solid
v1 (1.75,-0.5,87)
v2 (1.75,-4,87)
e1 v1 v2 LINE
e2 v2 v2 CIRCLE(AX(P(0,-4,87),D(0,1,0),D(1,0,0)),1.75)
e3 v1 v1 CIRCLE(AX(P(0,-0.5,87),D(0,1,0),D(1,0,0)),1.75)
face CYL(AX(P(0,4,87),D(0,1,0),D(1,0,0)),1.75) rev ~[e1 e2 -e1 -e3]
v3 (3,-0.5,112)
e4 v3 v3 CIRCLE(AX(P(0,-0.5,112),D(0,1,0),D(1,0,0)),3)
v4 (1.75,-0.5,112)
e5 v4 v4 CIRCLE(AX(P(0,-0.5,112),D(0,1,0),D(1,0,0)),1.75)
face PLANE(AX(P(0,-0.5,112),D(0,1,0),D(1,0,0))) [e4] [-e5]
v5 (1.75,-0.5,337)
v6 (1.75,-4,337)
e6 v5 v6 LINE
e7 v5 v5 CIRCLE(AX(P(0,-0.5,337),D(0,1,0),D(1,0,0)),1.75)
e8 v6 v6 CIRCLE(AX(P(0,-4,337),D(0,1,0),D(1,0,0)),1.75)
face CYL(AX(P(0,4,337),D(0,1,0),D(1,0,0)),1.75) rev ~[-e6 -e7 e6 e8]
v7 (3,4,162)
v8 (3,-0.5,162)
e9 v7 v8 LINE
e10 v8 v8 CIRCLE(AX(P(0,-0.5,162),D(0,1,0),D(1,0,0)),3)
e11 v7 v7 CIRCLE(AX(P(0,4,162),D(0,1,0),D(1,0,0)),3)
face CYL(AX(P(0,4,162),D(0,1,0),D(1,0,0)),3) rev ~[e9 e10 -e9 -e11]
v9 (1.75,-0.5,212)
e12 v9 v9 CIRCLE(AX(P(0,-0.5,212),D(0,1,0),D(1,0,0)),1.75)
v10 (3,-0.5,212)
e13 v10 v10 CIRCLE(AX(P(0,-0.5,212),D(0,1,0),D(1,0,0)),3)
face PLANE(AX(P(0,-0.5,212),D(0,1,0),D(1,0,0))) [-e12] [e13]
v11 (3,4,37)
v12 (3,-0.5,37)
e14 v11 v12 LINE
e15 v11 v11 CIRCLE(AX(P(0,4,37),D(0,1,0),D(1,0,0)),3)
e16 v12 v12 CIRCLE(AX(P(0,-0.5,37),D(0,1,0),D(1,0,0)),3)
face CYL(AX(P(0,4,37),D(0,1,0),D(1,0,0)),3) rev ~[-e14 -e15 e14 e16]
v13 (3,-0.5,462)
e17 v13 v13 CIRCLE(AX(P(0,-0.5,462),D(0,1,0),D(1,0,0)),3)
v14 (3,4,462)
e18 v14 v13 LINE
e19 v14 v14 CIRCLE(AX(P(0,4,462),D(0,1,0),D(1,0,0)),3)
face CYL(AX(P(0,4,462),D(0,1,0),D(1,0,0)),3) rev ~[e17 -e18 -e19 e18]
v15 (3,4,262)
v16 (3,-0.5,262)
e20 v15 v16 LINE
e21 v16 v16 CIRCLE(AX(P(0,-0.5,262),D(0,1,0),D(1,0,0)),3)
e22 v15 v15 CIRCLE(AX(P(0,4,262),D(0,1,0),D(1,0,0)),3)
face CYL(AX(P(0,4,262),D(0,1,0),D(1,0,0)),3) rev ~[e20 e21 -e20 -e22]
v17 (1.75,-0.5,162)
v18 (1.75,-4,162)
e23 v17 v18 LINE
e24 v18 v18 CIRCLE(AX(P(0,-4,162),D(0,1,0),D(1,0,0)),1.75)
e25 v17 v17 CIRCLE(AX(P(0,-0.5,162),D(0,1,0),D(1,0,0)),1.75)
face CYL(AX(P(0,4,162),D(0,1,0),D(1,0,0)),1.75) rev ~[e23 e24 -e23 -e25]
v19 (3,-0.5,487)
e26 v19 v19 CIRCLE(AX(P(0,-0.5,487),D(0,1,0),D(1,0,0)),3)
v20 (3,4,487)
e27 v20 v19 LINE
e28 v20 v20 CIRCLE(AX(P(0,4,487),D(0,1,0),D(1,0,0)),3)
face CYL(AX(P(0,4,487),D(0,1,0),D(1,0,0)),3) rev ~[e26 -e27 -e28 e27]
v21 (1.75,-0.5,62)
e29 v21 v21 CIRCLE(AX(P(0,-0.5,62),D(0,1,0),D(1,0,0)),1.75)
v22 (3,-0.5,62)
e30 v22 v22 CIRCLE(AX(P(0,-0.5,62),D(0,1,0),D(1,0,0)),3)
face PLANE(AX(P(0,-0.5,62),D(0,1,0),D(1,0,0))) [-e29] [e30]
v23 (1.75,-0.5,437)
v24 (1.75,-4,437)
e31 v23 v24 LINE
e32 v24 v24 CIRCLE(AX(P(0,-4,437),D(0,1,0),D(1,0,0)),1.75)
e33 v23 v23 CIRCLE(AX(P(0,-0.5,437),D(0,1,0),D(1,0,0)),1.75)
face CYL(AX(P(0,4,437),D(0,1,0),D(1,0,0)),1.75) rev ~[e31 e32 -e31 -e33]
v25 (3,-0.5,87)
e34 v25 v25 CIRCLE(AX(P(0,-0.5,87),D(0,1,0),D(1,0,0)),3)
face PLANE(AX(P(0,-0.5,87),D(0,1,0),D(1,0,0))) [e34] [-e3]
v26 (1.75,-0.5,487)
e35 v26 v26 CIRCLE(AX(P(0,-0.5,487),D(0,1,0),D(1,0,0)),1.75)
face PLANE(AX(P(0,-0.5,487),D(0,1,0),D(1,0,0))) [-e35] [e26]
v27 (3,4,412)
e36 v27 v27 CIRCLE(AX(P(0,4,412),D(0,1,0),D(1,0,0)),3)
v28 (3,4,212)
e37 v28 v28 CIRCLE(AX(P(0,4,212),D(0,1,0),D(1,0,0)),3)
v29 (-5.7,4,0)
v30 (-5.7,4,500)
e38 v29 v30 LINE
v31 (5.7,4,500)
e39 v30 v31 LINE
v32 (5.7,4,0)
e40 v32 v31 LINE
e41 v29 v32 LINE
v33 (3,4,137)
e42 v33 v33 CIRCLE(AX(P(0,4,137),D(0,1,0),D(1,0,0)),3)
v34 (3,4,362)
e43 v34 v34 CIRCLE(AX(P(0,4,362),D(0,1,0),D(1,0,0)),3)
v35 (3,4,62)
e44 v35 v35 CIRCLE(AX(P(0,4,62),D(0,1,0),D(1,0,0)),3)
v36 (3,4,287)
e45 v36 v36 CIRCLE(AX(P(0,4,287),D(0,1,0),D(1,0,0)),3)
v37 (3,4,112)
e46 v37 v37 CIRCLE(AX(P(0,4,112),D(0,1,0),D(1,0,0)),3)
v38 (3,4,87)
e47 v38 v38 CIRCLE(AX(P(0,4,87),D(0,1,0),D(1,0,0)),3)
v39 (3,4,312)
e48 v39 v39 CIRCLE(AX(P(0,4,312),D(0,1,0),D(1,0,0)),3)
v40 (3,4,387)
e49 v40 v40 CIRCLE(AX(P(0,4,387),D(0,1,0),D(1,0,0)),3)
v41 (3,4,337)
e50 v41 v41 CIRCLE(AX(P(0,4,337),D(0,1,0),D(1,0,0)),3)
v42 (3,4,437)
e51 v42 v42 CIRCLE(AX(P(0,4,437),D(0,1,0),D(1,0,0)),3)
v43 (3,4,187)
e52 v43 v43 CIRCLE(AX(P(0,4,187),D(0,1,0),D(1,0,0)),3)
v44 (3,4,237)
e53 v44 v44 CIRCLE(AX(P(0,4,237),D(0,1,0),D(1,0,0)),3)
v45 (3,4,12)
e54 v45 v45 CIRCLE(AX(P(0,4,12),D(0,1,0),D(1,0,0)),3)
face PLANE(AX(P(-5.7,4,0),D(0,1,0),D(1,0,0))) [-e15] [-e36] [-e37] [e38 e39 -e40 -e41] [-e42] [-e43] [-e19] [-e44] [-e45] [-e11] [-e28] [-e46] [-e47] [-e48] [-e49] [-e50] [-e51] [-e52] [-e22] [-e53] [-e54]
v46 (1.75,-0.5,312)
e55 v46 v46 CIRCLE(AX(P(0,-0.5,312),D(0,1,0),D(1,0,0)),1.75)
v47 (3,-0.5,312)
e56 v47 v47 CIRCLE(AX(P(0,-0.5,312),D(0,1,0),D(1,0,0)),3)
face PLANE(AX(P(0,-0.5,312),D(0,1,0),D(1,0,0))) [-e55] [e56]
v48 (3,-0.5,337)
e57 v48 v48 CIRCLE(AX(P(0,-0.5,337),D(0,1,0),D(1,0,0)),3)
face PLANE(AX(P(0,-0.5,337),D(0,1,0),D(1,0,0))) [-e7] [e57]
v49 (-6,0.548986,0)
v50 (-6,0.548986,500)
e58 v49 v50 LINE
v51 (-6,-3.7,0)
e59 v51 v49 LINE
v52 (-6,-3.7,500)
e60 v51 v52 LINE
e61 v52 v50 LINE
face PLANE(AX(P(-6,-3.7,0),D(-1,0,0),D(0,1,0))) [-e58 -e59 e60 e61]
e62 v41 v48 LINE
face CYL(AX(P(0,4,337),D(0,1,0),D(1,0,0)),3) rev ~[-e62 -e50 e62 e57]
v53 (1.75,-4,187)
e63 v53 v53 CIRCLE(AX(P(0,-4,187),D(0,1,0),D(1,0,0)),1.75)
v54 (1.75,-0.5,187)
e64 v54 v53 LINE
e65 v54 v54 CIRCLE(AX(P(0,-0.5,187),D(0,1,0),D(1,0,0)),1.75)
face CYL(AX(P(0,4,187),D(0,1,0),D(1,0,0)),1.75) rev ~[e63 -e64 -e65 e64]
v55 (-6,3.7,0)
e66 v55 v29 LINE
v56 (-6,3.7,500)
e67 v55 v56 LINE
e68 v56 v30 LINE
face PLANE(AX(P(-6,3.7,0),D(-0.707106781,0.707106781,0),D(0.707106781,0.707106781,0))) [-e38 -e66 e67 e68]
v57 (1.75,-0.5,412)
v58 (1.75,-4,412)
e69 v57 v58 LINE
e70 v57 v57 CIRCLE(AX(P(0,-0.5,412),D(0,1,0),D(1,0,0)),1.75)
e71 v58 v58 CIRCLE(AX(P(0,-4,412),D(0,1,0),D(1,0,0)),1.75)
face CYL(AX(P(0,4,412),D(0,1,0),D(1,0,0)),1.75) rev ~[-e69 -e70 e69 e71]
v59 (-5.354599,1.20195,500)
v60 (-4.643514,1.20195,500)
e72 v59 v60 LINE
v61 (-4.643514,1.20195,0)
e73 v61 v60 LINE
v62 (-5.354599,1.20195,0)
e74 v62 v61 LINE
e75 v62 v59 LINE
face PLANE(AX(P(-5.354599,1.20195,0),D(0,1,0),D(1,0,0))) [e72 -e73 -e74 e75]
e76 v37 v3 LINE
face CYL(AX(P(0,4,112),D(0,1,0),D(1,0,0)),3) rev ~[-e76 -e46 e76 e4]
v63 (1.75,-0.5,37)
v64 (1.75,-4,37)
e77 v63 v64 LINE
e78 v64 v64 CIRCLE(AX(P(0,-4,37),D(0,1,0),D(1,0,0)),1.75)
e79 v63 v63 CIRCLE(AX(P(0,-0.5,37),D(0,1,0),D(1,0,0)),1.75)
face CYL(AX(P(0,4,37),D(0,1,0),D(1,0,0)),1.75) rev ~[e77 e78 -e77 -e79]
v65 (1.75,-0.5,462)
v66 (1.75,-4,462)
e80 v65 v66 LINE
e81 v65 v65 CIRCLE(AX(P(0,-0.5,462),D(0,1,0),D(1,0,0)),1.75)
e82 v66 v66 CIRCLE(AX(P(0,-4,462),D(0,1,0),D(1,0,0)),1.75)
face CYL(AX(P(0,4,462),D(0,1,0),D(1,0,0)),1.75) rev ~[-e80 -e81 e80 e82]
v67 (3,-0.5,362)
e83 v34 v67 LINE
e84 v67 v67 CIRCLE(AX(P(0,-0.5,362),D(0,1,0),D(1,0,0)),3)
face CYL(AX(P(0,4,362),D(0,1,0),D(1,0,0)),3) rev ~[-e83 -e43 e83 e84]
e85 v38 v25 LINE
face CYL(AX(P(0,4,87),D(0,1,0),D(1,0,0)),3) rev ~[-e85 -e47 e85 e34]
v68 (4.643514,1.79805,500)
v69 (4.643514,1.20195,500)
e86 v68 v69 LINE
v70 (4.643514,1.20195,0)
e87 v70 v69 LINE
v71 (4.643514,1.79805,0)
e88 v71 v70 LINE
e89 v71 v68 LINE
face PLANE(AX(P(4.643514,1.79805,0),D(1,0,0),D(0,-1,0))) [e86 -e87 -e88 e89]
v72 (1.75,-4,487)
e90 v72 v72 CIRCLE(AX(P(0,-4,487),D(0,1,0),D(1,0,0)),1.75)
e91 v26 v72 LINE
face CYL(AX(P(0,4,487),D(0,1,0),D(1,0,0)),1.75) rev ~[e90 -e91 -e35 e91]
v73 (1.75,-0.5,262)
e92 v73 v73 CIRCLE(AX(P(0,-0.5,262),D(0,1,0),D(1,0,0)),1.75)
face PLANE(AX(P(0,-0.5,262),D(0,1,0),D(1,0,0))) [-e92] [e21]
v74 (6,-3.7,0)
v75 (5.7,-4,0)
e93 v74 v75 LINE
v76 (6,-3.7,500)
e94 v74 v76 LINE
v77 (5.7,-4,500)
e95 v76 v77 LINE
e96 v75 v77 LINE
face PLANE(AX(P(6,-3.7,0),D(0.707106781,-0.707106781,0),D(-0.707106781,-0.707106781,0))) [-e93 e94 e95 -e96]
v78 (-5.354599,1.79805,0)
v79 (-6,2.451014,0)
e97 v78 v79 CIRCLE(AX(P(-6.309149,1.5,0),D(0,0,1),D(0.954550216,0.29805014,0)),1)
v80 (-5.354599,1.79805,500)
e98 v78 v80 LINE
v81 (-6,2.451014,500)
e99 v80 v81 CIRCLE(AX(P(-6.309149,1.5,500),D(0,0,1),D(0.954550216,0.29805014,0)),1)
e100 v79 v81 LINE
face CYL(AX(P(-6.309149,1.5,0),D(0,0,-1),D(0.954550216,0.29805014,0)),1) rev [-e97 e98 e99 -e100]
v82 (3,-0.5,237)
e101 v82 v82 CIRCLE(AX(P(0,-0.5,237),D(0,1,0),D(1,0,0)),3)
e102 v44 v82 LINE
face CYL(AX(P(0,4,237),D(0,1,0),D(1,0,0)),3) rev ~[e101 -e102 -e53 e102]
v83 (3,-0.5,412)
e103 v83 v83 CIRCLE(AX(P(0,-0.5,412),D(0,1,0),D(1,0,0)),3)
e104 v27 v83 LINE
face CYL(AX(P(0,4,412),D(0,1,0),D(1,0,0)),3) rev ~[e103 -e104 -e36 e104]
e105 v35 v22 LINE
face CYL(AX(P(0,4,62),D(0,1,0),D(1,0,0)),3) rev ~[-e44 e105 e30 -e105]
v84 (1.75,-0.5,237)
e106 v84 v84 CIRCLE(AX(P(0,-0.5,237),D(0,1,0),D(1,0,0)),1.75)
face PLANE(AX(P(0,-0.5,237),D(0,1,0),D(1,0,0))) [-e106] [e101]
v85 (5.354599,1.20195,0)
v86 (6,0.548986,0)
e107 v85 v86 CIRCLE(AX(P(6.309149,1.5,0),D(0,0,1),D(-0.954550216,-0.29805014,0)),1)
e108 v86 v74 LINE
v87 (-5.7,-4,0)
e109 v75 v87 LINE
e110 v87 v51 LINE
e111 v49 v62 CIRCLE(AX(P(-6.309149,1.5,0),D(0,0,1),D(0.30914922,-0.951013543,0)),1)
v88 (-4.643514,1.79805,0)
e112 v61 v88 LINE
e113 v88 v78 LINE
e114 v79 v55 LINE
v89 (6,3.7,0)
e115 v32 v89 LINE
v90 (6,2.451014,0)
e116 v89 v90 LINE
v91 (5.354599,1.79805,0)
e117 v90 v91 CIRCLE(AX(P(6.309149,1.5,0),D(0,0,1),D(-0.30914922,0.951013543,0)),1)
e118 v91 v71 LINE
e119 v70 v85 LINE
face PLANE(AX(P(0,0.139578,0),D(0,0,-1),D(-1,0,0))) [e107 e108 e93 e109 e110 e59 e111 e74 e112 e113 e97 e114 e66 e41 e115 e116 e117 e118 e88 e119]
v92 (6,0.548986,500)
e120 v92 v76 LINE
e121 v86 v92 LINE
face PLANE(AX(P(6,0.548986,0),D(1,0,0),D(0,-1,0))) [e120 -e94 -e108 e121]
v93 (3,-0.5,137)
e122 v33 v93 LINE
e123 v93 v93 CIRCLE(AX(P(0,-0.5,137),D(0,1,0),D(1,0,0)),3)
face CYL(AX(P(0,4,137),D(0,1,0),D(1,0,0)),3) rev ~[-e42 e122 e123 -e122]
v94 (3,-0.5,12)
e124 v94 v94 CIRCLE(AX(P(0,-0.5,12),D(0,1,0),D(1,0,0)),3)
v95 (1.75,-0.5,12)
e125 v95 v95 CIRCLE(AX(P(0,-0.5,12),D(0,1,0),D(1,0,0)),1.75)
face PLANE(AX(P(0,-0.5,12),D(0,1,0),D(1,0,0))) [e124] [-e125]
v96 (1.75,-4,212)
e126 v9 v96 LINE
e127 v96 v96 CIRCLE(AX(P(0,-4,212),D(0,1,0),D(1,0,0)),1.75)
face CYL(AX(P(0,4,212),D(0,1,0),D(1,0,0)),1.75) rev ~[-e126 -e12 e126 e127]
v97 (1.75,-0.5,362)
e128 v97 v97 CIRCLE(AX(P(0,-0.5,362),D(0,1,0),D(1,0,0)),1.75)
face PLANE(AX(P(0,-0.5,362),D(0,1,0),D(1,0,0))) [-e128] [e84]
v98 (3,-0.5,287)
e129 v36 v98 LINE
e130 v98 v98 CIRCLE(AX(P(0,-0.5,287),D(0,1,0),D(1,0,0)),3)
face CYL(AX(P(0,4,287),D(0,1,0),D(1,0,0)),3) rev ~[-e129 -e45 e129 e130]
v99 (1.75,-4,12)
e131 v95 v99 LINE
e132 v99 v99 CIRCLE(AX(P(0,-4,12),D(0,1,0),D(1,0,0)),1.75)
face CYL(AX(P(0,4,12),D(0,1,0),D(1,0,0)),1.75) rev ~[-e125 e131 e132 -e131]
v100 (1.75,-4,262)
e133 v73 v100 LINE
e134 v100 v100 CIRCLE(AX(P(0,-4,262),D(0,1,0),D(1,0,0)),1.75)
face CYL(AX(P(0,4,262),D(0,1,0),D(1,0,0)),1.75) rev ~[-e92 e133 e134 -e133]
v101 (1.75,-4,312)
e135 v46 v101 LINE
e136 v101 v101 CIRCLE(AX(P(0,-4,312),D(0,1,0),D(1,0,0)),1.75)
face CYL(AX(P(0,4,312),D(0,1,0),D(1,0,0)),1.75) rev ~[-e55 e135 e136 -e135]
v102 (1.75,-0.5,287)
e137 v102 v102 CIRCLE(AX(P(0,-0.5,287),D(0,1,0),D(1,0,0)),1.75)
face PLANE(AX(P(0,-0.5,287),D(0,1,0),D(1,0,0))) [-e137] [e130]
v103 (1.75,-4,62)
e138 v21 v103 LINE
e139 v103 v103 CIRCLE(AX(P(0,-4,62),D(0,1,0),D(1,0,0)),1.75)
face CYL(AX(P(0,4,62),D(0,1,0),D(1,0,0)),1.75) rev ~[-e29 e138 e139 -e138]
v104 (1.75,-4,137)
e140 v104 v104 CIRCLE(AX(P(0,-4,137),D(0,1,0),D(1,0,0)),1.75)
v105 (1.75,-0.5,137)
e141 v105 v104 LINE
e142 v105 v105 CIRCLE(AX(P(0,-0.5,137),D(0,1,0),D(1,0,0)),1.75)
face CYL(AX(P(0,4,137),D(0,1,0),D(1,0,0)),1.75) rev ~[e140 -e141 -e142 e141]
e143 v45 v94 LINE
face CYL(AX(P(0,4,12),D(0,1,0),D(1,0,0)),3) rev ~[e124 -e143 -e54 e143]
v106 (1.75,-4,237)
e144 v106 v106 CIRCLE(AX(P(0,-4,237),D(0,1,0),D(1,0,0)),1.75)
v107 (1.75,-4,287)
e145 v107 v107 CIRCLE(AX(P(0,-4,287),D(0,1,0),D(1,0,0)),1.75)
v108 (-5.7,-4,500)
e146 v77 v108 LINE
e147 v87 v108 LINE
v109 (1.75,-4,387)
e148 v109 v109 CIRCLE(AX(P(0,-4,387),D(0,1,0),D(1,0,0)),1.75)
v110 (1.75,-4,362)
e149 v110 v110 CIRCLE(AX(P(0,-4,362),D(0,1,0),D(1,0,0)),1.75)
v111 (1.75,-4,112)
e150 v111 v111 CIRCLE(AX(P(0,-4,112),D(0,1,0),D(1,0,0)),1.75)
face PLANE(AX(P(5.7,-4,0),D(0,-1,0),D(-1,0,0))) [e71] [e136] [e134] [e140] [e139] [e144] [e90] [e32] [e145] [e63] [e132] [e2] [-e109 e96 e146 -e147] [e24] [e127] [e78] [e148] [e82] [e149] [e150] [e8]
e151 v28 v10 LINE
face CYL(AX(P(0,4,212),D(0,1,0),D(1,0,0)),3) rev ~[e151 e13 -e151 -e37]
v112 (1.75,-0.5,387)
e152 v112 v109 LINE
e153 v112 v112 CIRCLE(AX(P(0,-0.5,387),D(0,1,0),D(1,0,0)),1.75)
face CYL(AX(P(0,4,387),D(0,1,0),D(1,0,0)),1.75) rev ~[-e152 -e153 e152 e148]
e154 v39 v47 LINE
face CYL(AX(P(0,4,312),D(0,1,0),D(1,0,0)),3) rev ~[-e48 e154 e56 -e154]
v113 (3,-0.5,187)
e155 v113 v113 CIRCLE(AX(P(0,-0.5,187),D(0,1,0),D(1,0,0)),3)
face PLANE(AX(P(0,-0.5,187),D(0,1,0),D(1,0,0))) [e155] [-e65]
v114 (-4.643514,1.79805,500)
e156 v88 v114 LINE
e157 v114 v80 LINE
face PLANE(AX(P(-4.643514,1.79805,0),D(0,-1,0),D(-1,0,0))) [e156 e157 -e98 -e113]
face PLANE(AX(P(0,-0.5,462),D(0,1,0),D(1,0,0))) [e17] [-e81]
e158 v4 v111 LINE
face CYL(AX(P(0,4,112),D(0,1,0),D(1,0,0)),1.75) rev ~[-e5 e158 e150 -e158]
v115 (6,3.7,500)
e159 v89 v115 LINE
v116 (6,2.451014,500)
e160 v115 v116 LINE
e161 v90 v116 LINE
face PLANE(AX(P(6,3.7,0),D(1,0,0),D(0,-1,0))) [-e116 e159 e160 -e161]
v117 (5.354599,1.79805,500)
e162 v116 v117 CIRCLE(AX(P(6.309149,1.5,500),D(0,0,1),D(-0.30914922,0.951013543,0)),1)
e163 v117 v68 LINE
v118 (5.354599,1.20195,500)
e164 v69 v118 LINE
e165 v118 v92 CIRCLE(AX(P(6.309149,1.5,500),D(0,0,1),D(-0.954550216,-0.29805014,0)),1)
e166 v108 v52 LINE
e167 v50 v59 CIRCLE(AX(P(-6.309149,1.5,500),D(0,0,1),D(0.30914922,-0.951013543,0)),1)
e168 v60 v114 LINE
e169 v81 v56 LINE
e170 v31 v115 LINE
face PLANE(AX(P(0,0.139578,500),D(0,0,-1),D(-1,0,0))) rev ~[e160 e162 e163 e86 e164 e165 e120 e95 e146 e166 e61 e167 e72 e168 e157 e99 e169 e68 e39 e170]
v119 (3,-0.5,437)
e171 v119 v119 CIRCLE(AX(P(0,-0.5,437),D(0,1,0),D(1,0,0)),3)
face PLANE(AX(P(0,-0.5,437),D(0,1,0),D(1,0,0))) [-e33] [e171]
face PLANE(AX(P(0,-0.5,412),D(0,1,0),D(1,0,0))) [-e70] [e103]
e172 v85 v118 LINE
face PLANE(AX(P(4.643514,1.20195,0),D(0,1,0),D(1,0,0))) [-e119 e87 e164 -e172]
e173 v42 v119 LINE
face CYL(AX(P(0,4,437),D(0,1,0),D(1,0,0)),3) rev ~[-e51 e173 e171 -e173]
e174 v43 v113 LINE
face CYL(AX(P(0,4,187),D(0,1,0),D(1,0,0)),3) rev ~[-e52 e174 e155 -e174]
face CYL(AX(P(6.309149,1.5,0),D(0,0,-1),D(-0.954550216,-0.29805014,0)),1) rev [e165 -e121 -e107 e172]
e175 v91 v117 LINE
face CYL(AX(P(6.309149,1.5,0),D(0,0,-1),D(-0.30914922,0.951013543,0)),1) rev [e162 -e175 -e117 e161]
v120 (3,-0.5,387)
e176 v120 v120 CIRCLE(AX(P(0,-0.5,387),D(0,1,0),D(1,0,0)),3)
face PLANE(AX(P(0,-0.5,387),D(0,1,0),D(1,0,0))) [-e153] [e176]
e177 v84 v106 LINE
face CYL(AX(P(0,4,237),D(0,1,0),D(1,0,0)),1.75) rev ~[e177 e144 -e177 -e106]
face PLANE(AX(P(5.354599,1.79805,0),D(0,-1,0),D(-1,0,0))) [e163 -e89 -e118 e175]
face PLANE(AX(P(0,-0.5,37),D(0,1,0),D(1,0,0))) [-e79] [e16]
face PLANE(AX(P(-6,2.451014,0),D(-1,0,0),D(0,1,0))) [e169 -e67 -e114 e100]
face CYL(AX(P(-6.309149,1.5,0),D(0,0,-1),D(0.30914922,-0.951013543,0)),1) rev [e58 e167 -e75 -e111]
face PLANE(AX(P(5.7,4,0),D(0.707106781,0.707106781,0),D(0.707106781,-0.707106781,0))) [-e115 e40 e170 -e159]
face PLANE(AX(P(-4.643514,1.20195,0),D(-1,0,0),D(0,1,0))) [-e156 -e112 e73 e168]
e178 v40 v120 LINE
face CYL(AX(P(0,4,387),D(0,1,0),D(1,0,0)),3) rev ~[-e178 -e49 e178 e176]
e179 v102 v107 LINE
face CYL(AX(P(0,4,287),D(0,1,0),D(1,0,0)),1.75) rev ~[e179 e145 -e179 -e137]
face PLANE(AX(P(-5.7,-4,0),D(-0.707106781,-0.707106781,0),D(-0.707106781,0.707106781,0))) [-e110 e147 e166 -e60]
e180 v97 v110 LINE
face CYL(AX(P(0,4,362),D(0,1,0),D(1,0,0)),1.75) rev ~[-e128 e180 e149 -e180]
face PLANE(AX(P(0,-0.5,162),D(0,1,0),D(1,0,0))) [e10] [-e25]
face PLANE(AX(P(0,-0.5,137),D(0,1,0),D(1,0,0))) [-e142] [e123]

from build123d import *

# Parameters (mm, degrees)
EXTRUDE_1_DEPTH        = 500
SKETCH_2_R             = 3
SKETCH_2_R_2           = 1.75
CUT_EXTRUDE_1_DEPTH    = 4.5
SKETCH_2_2_R           = 1.75
CUT_EXTRUDE_2_DEPTH    = 9
PATTERN_LINEAR_1_COUNT = 20
PATTERN_LINEAR_1_PITCH = 25


with BuildPart() as part:
    # Эскиз1 → Бобышка-Вытянуть1 (new body)
    with BuildSketch(Plane.XY):
        with BuildLine():
            Line((-6, 3.7), (-5.7, 4))
            Line((-5.7, 4), (5.7, 4))
            Line((5.7, 4), (6, 3.7))
            Line((6, 3.7), (6, 2.451013544))
            ThreePointArc((6, 2.451013544), (5.597935912, 2.202976267), (5.354599002, 1.798050138))
            Line((5.354599002, 1.798050138), (4.643514056, 1.798050138))
            Line((4.643514056, 1.798050138), (4.643514056, 1.201949862))
            Line((4.643514056, 1.201949862), (5.354599002, 1.201949862))
            ThreePointArc((5.354599002, 1.201949862), (5.597935912, 0.797023733), (6, 0.548986456))
            Line((6, 0.548986456), (6, -3.7))
            Line((6, -3.7), (5.7, -4))
            Line((5.7, -4), (-5.7, -4))
            Line((-5.7, -4), (-6, -3.7))
            Line((-6, -3.7), (-6, 0.548986456))
            ThreePointArc((-6, 0.548986456), (-5.597935912, 0.797023733), (-5.354599002, 1.201949862))
            Line((-5.354599002, 1.201949862), (-4.643514056, 1.201949862))
            Line((-4.643514056, 1.201949862), (-4.643514056, 1.798050138))
            Line((-4.643514056, 1.798050138), (-5.354599002, 1.798050138))
            ThreePointArc((-5.354599002, 1.798050138), (-5.597935912, 2.202976267), (-6, 2.451013544))
            Line((-6, 2.451013544), (-6, 3.7))
        make_face()
    extrude(amount=EXTRUDE_1_DEPTH)

    # Эскиз2 → Вырез-Вытянуть1 (cut)
    with BuildSketch(Plane(origin=(0, 4, 0), x_dir=(1, 0, 0), z_dir=(0, 1, 0))):
        with Locations((0, -12)):
            Circle(SKETCH_2_R)
        with Locations((0, -12)):
            Circle(SKETCH_2_R_2, mode=Mode.SUBTRACT)
    cut_extrude_1 = extrude(amount=-CUT_EXTRUDE_1_DEPTH, mode=Mode.SUBTRACT)

    # Эскиз2<2> → Вырез-Вытянуть2 (cut, through all)
    with BuildSketch(Plane(origin=(0, 4, 0), x_dir=(1, 0, 0), z_dir=(0, 1, 0))):
        with Locations((0, -12)):
            Circle(SKETCH_2_2_R)
    cut_extrude_2 = extrude(amount=-CUT_EXTRUDE_2_DEPTH, mode=Mode.SUBTRACT)

    # Линейный массив1: Вырез-Вытянуть1, Вырез-Вытянуть2 ×20
    with Locations(*[(0, 0, i * PATTERN_LINEAR_1_PITCH) for i in range(1, PATTERN_LINEAR_1_COUNT)]):
        add(cut_extrude_1, mode=Mode.SUBTRACT)
        add(cut_extrude_2, mode=Mode.SUBTRACT)


solid = part.part
